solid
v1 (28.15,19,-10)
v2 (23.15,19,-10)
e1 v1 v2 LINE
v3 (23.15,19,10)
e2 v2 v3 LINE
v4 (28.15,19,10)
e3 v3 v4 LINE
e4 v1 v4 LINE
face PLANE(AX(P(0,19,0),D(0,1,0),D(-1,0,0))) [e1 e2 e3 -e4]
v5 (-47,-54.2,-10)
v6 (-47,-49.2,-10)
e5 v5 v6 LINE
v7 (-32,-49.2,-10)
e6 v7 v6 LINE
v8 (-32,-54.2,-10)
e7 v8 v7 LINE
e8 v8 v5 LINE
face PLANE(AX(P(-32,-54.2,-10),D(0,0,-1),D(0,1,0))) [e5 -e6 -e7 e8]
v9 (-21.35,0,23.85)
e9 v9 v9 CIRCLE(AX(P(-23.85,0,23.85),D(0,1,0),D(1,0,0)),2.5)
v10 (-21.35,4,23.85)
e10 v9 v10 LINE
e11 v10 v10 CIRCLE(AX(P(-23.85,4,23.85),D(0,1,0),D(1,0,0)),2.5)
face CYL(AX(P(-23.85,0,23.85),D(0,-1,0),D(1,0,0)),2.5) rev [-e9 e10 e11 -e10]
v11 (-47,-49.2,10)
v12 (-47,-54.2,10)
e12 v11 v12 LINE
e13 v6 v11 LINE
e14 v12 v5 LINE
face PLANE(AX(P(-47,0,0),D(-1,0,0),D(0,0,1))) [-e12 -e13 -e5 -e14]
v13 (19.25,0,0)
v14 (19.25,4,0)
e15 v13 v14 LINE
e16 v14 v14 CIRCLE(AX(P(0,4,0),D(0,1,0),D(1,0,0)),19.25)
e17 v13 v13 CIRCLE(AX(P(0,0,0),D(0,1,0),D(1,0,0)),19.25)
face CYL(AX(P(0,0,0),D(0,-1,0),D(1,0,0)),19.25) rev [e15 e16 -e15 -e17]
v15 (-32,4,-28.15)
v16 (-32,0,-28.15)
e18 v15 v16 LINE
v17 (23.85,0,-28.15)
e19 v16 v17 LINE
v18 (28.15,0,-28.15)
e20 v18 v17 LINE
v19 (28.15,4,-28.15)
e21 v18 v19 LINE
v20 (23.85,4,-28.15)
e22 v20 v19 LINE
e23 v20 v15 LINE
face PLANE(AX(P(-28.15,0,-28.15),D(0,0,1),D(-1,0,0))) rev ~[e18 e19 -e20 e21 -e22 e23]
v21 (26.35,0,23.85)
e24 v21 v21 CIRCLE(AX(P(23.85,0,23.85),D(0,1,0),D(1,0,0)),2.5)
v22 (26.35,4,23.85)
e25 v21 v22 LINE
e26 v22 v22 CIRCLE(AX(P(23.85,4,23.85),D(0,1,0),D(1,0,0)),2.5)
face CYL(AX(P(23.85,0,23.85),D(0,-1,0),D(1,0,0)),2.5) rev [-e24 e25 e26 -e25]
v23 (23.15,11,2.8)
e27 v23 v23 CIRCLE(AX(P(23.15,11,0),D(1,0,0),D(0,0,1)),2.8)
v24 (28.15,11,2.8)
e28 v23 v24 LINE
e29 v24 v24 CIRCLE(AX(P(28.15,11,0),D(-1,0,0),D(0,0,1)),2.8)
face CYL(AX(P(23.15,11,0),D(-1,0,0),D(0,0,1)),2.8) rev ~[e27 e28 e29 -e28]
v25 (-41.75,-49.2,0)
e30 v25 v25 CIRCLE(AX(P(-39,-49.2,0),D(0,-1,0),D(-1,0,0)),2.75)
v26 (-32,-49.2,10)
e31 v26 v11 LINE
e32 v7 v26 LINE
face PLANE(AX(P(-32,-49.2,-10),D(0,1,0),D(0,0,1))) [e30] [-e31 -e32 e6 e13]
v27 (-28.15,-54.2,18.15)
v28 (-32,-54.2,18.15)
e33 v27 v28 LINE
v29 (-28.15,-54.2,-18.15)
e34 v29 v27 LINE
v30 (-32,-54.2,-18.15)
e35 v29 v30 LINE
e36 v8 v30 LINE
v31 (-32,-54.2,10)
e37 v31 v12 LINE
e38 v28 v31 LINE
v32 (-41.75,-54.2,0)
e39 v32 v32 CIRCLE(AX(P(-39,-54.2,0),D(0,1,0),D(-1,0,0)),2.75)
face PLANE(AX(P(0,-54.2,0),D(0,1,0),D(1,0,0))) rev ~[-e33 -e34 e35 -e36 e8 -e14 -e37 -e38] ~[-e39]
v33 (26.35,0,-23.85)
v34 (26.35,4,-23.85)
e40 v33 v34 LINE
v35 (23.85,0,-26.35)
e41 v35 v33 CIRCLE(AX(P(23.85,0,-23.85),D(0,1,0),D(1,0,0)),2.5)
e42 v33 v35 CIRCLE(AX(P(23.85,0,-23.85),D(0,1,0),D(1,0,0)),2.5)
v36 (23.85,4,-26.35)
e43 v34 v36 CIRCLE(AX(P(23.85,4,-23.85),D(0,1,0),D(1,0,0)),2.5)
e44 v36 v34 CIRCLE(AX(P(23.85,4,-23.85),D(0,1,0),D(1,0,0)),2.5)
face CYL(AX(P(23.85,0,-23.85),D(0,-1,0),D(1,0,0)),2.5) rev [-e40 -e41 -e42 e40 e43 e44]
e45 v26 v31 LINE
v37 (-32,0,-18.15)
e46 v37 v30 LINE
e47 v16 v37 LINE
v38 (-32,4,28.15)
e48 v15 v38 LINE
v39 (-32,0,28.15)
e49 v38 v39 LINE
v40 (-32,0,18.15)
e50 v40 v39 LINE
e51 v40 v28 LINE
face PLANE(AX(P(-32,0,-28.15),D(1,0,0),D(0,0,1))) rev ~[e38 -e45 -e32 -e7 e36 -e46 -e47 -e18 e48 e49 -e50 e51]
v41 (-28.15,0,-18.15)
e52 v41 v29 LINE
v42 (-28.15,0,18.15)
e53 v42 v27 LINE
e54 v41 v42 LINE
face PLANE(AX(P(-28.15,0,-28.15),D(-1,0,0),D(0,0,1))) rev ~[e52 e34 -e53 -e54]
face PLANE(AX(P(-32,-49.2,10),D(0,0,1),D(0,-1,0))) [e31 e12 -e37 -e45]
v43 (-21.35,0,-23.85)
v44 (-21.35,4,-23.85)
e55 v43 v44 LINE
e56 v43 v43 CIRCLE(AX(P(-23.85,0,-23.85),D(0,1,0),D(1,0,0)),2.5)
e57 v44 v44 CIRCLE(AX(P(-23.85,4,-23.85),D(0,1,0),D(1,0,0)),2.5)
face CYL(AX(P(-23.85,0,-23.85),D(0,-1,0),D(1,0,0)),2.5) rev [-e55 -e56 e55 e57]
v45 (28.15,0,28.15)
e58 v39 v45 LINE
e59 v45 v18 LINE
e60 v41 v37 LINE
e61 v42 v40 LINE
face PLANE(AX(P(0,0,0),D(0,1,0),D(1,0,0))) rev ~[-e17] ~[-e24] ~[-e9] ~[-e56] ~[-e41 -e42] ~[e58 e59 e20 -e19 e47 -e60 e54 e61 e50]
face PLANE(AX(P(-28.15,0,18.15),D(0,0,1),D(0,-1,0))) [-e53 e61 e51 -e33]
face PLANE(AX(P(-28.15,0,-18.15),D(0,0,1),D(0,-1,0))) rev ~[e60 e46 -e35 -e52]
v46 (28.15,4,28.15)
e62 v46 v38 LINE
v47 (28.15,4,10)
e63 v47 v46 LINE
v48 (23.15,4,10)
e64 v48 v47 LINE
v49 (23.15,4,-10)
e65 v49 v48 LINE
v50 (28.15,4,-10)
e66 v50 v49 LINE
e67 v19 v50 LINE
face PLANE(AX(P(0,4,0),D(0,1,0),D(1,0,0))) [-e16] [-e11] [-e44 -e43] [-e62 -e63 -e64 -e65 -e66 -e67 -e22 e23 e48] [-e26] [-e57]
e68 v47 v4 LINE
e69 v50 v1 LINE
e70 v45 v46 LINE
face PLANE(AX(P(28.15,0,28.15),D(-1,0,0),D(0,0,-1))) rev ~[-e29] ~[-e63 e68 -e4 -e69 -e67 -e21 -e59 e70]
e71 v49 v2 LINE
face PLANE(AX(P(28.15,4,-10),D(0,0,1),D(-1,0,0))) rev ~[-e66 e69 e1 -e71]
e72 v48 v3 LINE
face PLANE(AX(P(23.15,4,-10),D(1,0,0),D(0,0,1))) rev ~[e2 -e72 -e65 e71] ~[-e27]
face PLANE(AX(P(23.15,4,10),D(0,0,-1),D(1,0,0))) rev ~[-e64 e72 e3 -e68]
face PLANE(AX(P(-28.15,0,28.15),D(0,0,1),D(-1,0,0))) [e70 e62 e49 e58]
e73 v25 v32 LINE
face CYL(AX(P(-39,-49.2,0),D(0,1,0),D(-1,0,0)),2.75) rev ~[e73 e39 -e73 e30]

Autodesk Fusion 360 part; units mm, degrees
sketch "Sketch1" plane through (0, 0, 0) normal (0, 1, 0) x (1, 0, 0)
  line L0 (28.15, 28.15) -> (-28.15, 28.15)
  line L1 (-28.15, 28.15) -> (-28.15, -28.15)
  line L2 (-28.15, -28.15) -> (28.15, -28.15)
  line L3 (28.15, -28.15) -> (28.15, 28.15)
  line L4 (28.15, 28.15) -> (-28.15, -28.15) construction
  line L5 (-28.15, 28.15) -> (28.15, -28.15) construction
  line L6 (28.15, 28.15) -> (23.85, 28.15)
  line L7 (23.85, 28.15) -> (23.85, 23.85)
  circle A0 centre (23.85, 23.85) radius 2.5
  circle A1 centre (-23.85, 23.85) radius 2.5
  circle A2 centre (-23.85, -23.85) radius 2.5
  circle A3 centre (23.85, -23.85) radius 2.5
  line L8 (32, 32) -> (-32, 32)
  line L9 (-32, 32) -> (-32, -32)
  line L10 (-32, -32) -> (32, -32)
  line L11 (32, -32) -> (32, 32)
  line L12 (32, 32) -> (-32, -32) construction
  line L13 (-32, 32) -> (32, -32) construction
  circle A4 centre (0, 0) radius 19.25
  dimension "d1" = 56.3
  dimension "d2" = 56.3
  dimension "d3" = 4.3
  dimension "d4" = 4.3
  dimension "d5" = 5
  dimension "d7" = 360
  dimension "d8" = 64
  dimension "d9" = 38.5
extrude "Extrude1" add sketch "Sketch1" along normal blind 4 contours L0 L1 L2 L3 L6 | L8 L9 L10 L11
sketch "Sketch2" plane through (0, 0, 0) normal (0, 1, 0) x (1, 0, 0)
  circle A0 centre (-23.85, 23.85) radius 2.5
  circle A1 centre (23.85, 23.85) radius 2.5
  circle A2 centre (0, 0) radius 19.25
  circle A3 centre (23.85, -23.85) radius 2.5
  circle A4 centre (-23.85, -23.85) radius 2.5
  line L0 (32, 32) -> (32, -32)
  line L1 (32, -32) -> (-32, -32)
  line L2 (-32, -32) -> (-32, 32)
  line L3 (-32, 32) -> (32, 32)
  line L4 (-28.15, 28.15) -> (-28.15, -28.15)
  line L5 (-32, 32) -> (-32, -32)
  line L6 (-28.15, -28.15) -> (-32, -28.15)
  line L7 (-28.15, 28.15) -> (-32, 28.15)
extrude "Extrude2" add sketch "Sketch2" against normal blind 54.2 contours L2 L4 L5 L6 L7
sketch "Sketch3" plane through (-32, 0, 0) normal (-1, 0, 0) x (0, 0, 1)
  line L0 (-32, 0) -> (-28.15, 0)
  line L1 (-28.15, 0) -> (-28.15, -54.2)
  line L2 (-28.15, -54.2) -> (28.15, -54.2)
  line L3 (28.15, -54.2) -> (28.15, 0)
  line L4 (28.15, 0) -> (32, 0)
  line L5 (32, 0) -> (32, 4)
  line L6 (32, 4) -> (-32, 4)
  line L7 (-32, 4) -> (-32, 0)
  line L8 (0, -54.2) -> (10, -54.2)
  line L9 (10, -54.2) -> (-10, -54.2)
  line L10 (-10, -54.2) -> (-10, -49.2)
  line L11 (-10, -49.2) -> (10, -49.2)
  line L12 (10, -49.2) -> (10, -54.2)
  dimension "d14" = 10
  dimension "d15" = 20
  dimension "d16" = 5
extrude "Extrude3" add sketch "Sketch3" along normal blind 15 contours L2 L8 L9 L10 L11 L12
sketch "Sketch4" plane through (0, -49.2, 0) normal (0, 1, 0) x (-1, 0, 0)
  line L0 (32, 10) -> (32, -10)
  line L1 (32, -10) -> (47, -10)
  line L2 (47, -10) -> (47, 10)
  line L3 (47, 10) -> (32, 10)
  line L4 (32, 0) -> (39, 0)
  circle A0 centre (39, 0) radius 2.75
  dimension "d19" = 7
  dimension "d20" = 5.5
extrude "Extrude4" cut sketch "Sketch4" against normal blind 19 contours A0
extrude "Extrude7" cut sketch "Sketch1" along normal blind 5 contours L8 L9 L10 L11
sketch "Sketch7" plane through (0, 0, 0) normal (0, 1, 0) x (1, 0, 0)
  line L0 (-28.15, 28.15) -> (-28.15, -28.15)
  line L1 (-28.15, -28.15) -> (28.15, -28.15)
  line L2 (28.15, -28.15) -> (28.15, 28.15)
  line L3 (28.15, 28.15) -> (-28.15, 28.15)
  circle A0 centre (-23.85, 23.85) radius 2.5
  circle A1 centre (23.85, 23.85) radius 2.5
  circle A2 centre (0, 0) radius 19.25
  circle A3 centre (23.85, -23.85) radius 2.5
  circle A4 centre (-23.85, -23.85) radius 2.5
  line L4 (-28.15, -28.15) -> (-32, -28.15)
  line L5 (-28.15, 28.15) -> (-32, 28.15)
  line L6 (-32, 28.15) -> (-32, -28.15)
  line L7 (-28.15, -28.15) -> (-28.15, 28.15)
extrude "Extrude8" add sketch "Sketch7" along normal blind 4 contours L0 L4 L5 L6 L7
sketch "Sketch8" plane through (-28.15, 0, 0) normal (1, 0, 0) x (0, 0, -1)
  line L0 (28.15, 0) -> (-28.15, 0)
  line L1 (-28.15, 0) -> (-28.15, -54.2)
  line L2 (-28.15, -54.2) -> (28.15, -54.2)
  line L3 (28.15, -54.2) -> (28.15, 0)
  line L4 (-28.15, -54.2) -> (-18.15, -54.2)
  line L5 (-18.15, -54.2) -> (-28.15, -54.2)
  line L6 (-28.15, -54.2) -> (-28.15, 0)
  line L7 (-28.15, 0) -> (-18.15, 0)
  line L8 (-18.15, 0) -> (-18.15, -54.2)
  line L9 (28.15, -54.2) -> (18.15, -54.2)
  line L10 (18.15, -54.2) -> (28.15, -54.2)
  line L11 (28.15, -54.2) -> (28.15, 0)
  line L12 (28.15, 0) -> (18.15, 0)
  line L13 (18.15, 0) -> (18.15, -54.2)
  dimension "d36" = 10
  dimension "d37" = 10
extrude "Extrude9" cut sketch "Sketch8" against normal blind 4 contours L0 L2 L3 L9 L10 L11 L12 L13 | L0 L1 L2 L4 L5 L6 L7 L8
sketch "Sketch9" plane through (0, 4, 0) normal (0, 1, 0) x (-1, 0, 0)
  line L0 (32, 28.15) -> (-28.15, 28.15)
  line L1 (-28.15, 28.15) -> (-28.15, -28.15)
  line L2 (-28.15, -28.15) -> (32, -28.15)
  line L3 (32, -28.15) -> (32, 28.15)
  circle A0 centre (23.85, -23.85) radius 2.5
  circle A1 centre (-23.85, -23.85) radius 2.5
  circle A2 centre (0, 0) radius 19.25
  circle A3 centre (-23.85, 23.85) radius 2.5
  circle A4 centre (23.85, 23.85) radius 2.5
  line L4 (-28.15, 0) -> (-28.15, -10)
  line L5 (-28.15, -10) -> (-23.15, -10)
  line L6 (-23.15, -10) -> (-23.15, 10)
  line L7 (-23.15, 10) -> (-28.15, 10)
  line L8 (-28.15, 10) -> (-28.15, -10)
  dimension "d40" = 10
  dimension "d41" = 5
  dimension "d42" = 20
extrude "Extrude10" add sketch "Sketch9" along normal blind 15 contours L1 L4 L5 L6 L7 L8
sketch "Sketch10" plane through (23.15, 0, 0) normal (-1, 0, 0) x (0, 0, 1)
  line L0 (-10, 4) -> (10, 4)
  line L1 (10, 4) -> (10, 19)
  line L2 (10, 19) -> (-10, 19)
  line L3 (-10, 19) -> (-10, 4)
  line L4 (0, 4) -> (0, 11)
  circle A0 centre (0, 11) radius 2.8
  dimension "d45" = 7
  dimension "d46" = 5.6
extrude "Extrude11" cut sketch "Sketch10" against normal blind 13 contours A0
